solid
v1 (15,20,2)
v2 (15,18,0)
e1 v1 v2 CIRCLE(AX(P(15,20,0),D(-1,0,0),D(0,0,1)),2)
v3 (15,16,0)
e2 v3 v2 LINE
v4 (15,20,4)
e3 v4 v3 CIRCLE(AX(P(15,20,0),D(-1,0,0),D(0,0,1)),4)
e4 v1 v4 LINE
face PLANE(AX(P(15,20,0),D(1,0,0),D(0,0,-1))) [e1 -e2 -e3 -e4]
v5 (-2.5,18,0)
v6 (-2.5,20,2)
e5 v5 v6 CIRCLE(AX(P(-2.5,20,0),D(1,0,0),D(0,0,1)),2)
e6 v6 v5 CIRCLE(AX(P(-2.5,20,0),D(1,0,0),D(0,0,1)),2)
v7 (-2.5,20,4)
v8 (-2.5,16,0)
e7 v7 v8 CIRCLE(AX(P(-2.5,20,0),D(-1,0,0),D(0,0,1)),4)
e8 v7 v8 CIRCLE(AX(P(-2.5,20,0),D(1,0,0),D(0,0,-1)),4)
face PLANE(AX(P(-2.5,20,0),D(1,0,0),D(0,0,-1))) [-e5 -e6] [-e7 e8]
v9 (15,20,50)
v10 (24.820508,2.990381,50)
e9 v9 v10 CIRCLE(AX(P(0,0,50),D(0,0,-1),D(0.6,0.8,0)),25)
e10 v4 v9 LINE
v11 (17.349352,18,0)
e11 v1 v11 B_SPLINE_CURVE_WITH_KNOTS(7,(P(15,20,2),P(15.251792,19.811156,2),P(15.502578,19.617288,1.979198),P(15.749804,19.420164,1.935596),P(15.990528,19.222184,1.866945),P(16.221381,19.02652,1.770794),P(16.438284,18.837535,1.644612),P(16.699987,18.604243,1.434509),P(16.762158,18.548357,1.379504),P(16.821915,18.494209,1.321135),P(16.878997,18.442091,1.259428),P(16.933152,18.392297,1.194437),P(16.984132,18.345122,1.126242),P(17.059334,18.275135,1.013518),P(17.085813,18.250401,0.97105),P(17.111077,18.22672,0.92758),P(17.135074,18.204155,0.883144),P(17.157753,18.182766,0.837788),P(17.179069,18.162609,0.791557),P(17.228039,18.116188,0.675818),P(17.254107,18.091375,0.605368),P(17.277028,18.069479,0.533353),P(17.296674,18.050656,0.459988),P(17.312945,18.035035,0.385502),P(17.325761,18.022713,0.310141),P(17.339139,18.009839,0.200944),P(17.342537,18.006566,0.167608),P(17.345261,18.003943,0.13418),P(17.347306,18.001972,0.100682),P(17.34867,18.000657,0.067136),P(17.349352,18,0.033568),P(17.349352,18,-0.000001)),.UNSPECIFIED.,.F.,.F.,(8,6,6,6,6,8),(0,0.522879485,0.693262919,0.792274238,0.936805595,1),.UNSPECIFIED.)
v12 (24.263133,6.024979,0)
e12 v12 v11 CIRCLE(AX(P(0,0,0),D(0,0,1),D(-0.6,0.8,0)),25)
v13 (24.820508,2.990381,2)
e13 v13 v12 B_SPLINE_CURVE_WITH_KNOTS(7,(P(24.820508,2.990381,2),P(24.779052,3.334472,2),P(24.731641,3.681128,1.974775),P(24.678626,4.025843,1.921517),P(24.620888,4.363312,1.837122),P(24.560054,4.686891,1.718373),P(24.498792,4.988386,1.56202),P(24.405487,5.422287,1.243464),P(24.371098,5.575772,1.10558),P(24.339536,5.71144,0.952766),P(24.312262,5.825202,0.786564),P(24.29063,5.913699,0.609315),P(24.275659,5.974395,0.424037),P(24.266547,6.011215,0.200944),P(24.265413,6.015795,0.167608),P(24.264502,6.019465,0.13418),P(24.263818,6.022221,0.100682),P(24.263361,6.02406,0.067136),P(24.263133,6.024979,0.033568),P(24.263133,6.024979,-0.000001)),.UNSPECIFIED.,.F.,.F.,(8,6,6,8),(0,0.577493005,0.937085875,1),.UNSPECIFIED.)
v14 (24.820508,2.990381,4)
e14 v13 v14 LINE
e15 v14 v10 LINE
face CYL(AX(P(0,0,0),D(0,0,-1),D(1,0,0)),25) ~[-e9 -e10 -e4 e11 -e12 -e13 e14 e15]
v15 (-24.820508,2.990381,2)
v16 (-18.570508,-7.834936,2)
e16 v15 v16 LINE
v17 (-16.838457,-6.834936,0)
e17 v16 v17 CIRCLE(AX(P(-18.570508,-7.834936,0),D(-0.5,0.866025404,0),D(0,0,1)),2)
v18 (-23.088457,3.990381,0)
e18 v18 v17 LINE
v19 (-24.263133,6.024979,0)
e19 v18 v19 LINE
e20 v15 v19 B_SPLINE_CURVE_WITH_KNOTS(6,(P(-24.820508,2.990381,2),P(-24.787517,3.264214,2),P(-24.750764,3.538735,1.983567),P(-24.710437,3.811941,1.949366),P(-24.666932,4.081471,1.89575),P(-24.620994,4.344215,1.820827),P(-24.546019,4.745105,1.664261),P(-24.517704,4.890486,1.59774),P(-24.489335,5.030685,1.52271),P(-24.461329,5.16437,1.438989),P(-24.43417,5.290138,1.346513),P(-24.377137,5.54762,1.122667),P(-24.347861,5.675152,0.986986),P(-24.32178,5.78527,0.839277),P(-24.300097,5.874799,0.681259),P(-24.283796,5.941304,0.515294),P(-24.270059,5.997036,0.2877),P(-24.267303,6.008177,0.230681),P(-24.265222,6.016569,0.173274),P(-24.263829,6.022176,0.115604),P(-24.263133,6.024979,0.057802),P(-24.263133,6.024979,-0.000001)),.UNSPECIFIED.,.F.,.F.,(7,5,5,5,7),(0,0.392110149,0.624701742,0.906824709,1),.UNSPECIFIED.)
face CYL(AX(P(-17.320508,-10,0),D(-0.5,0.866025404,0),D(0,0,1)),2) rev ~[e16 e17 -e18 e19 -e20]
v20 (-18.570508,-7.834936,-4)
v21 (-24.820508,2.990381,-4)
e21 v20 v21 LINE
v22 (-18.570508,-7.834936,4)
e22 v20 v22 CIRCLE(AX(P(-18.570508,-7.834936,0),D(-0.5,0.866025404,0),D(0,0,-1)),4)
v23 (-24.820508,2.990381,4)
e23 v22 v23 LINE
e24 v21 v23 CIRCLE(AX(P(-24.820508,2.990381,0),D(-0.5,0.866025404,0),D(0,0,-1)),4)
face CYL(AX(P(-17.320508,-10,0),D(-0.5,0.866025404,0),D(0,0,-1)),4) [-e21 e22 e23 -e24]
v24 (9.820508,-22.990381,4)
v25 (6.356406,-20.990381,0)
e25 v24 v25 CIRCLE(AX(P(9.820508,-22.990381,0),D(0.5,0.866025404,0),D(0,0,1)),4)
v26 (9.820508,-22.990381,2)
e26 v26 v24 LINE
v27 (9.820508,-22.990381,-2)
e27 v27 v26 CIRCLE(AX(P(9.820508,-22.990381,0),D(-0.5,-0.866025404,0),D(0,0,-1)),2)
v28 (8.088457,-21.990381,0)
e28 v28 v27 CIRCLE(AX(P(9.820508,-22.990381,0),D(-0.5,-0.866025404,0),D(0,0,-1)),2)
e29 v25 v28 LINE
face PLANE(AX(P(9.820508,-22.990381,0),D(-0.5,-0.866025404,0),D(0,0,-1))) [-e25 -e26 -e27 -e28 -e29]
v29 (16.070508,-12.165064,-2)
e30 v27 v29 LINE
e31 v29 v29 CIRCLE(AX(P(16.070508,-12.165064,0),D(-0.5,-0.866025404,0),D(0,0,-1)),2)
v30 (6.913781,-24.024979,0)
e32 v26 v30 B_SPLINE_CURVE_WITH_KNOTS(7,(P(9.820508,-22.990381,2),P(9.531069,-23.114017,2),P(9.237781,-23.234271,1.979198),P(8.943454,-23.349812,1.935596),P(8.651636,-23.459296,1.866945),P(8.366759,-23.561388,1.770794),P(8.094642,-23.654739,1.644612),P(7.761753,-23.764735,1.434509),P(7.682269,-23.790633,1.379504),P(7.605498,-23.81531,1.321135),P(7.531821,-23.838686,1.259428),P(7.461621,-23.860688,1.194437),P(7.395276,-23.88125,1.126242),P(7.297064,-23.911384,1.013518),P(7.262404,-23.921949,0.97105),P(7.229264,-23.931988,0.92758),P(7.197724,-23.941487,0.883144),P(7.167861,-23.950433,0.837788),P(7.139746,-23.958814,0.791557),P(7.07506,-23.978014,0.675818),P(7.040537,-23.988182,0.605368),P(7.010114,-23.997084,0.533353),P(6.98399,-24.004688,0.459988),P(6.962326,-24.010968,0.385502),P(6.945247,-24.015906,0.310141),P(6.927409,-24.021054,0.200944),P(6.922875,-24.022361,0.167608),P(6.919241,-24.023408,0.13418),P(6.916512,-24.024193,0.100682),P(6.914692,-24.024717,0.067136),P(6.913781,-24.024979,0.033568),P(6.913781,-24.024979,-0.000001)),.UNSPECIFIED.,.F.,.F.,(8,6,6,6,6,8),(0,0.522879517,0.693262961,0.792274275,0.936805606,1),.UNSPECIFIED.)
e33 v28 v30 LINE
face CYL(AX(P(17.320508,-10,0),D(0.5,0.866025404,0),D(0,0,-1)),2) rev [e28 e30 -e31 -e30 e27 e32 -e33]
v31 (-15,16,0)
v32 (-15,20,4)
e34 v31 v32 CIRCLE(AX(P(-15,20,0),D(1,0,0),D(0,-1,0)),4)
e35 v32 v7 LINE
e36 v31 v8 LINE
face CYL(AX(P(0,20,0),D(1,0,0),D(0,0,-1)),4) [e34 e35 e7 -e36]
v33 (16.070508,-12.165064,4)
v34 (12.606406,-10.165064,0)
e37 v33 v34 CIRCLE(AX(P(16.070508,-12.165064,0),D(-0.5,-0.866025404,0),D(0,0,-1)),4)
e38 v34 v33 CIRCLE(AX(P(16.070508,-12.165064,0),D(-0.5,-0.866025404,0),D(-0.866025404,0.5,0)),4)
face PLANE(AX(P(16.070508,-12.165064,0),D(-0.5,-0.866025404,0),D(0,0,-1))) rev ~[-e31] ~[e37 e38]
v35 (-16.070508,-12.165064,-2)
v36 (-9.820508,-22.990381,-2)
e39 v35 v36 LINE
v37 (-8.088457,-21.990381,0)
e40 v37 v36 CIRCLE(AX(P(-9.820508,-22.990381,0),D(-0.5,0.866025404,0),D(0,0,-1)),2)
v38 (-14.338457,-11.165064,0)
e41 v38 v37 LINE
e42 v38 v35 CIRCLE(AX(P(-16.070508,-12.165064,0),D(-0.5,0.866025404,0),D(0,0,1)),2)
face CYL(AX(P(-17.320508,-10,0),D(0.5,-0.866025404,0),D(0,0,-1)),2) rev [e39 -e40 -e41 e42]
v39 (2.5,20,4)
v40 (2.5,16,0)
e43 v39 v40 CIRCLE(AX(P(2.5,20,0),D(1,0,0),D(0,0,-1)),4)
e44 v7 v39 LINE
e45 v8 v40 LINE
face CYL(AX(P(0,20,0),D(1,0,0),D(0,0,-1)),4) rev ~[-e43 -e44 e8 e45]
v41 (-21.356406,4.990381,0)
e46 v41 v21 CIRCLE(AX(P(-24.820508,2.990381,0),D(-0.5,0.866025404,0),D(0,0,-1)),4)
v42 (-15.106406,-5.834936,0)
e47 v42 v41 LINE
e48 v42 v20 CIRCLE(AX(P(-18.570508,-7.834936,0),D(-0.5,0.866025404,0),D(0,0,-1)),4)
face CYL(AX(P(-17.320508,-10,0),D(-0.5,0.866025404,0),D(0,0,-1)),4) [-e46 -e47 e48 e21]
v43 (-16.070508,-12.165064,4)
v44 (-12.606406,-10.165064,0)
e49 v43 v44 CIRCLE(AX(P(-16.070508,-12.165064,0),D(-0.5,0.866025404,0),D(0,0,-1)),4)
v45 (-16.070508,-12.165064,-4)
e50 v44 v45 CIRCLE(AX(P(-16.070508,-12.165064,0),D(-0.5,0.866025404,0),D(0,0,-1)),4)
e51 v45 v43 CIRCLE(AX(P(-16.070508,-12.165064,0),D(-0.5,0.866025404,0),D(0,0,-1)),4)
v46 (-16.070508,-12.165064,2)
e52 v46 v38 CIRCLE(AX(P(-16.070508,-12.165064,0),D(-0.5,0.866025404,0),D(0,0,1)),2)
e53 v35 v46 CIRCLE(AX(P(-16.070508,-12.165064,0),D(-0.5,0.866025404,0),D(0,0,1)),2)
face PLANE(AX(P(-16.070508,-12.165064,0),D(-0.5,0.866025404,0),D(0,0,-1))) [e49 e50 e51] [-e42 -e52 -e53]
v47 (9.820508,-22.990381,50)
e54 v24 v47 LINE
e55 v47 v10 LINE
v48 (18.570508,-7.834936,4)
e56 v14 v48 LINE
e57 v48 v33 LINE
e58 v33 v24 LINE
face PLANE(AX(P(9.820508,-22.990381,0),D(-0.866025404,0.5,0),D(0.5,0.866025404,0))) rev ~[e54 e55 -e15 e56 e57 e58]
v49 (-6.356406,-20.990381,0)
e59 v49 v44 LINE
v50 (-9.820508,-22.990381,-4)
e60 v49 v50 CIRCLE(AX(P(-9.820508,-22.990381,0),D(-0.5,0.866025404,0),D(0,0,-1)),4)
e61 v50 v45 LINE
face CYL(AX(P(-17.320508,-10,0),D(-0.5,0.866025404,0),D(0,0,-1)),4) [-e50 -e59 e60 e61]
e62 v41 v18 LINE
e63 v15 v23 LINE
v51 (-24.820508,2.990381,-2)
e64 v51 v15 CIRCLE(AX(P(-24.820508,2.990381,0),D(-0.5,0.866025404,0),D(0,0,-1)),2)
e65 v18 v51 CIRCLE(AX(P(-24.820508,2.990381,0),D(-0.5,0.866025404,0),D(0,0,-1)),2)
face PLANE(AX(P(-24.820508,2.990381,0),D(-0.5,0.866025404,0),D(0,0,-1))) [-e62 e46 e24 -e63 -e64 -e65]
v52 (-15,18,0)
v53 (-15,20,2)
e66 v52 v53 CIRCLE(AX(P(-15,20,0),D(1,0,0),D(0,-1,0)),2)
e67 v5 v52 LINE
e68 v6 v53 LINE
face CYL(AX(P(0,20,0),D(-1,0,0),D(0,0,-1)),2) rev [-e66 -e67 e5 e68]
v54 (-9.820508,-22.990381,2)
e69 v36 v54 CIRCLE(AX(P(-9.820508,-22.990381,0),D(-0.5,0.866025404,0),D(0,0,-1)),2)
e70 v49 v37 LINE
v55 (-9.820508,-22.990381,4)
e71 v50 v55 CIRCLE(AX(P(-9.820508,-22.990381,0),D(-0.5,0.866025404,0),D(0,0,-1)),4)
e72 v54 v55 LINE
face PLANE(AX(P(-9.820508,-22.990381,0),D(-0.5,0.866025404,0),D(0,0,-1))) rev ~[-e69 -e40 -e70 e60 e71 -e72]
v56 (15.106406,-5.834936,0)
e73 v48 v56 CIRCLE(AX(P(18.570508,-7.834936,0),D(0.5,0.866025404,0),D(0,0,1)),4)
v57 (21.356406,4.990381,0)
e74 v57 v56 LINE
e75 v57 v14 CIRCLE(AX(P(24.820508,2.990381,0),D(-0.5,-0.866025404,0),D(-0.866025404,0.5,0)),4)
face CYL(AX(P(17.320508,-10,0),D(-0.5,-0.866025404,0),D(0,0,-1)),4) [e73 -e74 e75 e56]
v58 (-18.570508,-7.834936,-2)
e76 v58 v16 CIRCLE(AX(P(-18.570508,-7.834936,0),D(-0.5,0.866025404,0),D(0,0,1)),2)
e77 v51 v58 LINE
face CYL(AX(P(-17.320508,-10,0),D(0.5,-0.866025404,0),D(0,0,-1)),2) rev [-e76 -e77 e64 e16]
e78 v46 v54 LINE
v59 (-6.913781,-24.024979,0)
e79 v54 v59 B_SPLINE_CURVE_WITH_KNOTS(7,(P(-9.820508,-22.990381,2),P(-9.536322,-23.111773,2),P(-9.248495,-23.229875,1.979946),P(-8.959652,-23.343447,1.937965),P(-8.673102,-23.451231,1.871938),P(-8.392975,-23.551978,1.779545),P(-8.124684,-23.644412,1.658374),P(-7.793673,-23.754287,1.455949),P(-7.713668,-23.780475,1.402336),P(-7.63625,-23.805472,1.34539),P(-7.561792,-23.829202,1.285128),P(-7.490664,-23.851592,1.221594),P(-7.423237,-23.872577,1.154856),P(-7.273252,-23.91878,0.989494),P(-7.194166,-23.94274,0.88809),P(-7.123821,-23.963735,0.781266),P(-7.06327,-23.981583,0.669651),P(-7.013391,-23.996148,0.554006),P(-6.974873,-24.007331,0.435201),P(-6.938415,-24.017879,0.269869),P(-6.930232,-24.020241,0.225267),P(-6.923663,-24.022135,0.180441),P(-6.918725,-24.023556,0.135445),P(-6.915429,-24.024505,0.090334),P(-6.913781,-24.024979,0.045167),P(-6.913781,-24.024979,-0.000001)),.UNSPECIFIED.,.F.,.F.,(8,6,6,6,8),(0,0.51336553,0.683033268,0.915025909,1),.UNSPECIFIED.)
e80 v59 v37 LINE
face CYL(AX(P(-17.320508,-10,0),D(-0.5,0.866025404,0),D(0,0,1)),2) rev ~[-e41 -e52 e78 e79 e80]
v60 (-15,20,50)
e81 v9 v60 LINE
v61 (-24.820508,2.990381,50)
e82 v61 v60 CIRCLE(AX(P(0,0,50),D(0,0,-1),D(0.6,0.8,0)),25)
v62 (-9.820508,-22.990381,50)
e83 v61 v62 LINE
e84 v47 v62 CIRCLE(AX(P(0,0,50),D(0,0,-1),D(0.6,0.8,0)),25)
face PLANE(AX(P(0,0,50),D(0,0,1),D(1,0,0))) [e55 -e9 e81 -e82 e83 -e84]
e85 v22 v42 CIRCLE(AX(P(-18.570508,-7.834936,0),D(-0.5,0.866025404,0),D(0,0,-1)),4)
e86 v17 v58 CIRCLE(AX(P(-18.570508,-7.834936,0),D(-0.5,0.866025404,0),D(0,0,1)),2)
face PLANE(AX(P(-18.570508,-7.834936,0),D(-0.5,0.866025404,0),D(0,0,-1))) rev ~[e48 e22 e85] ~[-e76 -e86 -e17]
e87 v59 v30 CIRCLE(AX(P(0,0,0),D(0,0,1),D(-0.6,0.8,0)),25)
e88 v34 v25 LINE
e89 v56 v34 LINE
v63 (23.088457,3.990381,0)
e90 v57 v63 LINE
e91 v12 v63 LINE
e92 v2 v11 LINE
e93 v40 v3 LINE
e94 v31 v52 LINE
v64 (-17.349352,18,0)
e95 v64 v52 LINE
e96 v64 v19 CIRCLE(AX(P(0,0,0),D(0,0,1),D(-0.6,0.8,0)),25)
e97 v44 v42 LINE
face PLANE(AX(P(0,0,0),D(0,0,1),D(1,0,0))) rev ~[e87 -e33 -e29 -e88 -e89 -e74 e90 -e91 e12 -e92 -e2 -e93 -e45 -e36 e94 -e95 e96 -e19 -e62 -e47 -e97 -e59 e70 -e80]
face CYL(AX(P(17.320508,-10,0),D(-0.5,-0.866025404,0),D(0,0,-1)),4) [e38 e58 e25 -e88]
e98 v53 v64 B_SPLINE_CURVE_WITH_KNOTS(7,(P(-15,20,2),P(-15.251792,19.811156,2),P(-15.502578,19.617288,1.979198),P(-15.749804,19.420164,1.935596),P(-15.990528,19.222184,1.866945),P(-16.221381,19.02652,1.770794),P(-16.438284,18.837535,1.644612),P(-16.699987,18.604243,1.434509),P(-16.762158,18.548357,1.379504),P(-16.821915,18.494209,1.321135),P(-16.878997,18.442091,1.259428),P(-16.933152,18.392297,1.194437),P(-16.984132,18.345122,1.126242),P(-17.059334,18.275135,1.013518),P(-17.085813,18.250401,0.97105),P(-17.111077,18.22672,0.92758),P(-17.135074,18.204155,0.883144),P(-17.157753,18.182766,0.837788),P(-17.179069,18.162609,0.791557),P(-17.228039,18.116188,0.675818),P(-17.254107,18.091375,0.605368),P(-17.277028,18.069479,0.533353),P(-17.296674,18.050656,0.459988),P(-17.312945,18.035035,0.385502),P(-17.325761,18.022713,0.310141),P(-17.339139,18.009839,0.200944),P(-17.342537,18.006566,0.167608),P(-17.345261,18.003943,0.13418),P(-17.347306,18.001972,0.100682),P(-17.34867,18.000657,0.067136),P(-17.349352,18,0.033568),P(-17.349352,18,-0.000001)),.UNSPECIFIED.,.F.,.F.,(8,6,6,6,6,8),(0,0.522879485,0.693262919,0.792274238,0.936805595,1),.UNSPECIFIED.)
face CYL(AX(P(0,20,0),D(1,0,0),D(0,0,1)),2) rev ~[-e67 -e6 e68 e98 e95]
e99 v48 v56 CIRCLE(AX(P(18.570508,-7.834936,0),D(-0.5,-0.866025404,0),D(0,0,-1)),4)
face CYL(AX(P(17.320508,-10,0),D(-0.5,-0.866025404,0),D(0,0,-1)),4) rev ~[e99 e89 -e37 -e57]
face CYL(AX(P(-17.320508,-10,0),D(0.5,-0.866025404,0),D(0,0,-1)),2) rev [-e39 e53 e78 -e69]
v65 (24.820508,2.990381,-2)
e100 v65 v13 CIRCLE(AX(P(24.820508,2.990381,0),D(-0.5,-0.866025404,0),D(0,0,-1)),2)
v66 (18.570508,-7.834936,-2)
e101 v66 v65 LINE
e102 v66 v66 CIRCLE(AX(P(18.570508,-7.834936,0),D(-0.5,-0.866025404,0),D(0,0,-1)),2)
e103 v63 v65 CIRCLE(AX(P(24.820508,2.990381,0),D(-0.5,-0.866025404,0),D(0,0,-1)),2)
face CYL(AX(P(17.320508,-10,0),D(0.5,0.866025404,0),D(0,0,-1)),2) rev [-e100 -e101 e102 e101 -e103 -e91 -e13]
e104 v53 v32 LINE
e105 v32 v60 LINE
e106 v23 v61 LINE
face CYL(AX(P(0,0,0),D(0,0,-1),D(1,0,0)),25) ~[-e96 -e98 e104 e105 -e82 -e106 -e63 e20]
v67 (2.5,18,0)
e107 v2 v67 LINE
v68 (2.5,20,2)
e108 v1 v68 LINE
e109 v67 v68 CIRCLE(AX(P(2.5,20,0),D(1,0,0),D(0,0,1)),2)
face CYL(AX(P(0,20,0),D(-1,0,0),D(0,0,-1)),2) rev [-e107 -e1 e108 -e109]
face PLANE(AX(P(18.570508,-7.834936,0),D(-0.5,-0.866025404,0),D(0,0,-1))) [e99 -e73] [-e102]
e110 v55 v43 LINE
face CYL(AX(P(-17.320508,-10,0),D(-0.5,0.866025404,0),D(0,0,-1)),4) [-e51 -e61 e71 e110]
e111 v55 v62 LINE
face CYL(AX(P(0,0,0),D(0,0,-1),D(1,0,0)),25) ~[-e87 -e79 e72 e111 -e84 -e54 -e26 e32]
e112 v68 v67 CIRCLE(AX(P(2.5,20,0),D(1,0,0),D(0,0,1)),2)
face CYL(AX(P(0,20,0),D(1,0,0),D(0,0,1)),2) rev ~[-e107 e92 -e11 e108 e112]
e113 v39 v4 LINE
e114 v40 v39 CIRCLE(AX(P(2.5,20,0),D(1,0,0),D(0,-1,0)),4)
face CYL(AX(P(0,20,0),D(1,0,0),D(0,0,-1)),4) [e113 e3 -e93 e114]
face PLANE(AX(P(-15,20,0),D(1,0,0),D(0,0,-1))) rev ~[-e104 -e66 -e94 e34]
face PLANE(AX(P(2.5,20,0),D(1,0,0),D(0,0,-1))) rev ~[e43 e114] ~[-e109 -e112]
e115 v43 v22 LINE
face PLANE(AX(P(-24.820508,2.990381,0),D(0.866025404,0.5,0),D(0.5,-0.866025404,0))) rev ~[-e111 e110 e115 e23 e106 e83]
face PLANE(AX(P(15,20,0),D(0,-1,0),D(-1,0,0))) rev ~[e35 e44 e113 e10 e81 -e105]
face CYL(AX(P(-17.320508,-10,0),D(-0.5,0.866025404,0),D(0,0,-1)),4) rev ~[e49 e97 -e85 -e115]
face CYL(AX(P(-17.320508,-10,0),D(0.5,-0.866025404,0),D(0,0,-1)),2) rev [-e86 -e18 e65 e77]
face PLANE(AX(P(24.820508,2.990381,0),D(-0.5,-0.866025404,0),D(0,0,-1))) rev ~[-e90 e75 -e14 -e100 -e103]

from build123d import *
from build123d.topology import SkipClean

# Parameters (mm, degrees)
CROQUIS1_R              = 25
SALIENTE_EXTRUIR1_DEPTH = 50
CORTAR_EXTRUIR1_DEPTH   = 50
MATRIZC2_COUNT          = 3
CROQUIS4_R              = 4
CROQUIS4_R_2            = 2
SALIENTE_EXTRUIR2_DEPTH = 15
CROQUIS4_2_R            = 2
CORTAR_EXTRUIR3_DEPTH   = 20
MATRIZC3_COUNT          = 3
MATRIZC4_COUNT          = 3
CROQUIS4_3_R            = 4
CROQUIS4_3_R_2          = 2
CORTAR_EXTRUIR4_DEPTH   = 2.5
MATRIZC5_COUNT          = 3


with BuildPart() as part:
    # Croquis1 → Saliente-Extruir1 (new body)
    with BuildSketch(Plane.XY):
        Circle(CROQUIS1_R)
    extrude(amount=SALIENTE_EXTRUIR1_DEPTH)

    # Croquis2 → Cortar-Extruir1 (cut)
    with BuildSketch(Plane(origin=(0, 0, 0), x_dir=(-1, 0, 0), z_dir=(0, 0, -1))):
        with BuildLine():
            Line((-15, 20), (15, 20))
            ThreePointArc((15, 20), (0, 25), (-15, 20))
        make_face()
    cortar_extruir1 = extrude(amount=-CORTAR_EXTRUIR1_DEPTH, mode=Mode.SUBTRACT)

    # MatrizC2: Cortar-Extruir1 ×3 about axis
    matrizc2_axis = Axis((0, 0, 0), (0, 0, 1))
    for i in range(1, MATRIZC2_COUNT):
        add(cortar_extruir1.rotate(matrizc2_axis, i * 360 / MATRIZC2_COUNT), mode=Mode.SUBTRACT)

    # Croquis4 → Saliente-Extruir2 (add, symmetric)
    with BuildSketch(Plane(origin=(0, 0, 0), x_dir=(0, 0, -1), z_dir=(1, 0, 0))):
        with Locations((0, 20)):
            Circle(CROQUIS4_R)
        with Locations((0, 20)):
            Circle(CROQUIS4_R_2, mode=Mode.SUBTRACT)
    saliente_extruir2 = extrude(amount=SALIENTE_EXTRUIR2_DEPTH, both=True)

    # Croquis4<2> → Cortar-Extruir3 (cut, symmetric)
    with SkipClean():  # the faces are left unmerged after this step: merging them gives an invalid solid
        with BuildSketch(Plane(origin=(0, 0, 0), x_dir=(0, 0, -1), z_dir=(1, 0, 0))):
            with Locations(Location((0, 20, 0), (0, 0, 180))):
                Circle(CROQUIS4_2_R)
        cortar_extruir3 = extrude(amount=CORTAR_EXTRUIR3_DEPTH, both=True, mode=Mode.SUBTRACT)

    # MatrizC3: Saliente-Extruir2 ×3 about axis
    with SkipClean():  # the faces are left unmerged after this step: merging them gives an invalid solid
        matrizc3_axis = Axis((0, 0, 0), (0, 0, 1))
        for i in range(1, MATRIZC3_COUNT):
            add(saliente_extruir2.rotate(matrizc3_axis, i * 360 / MATRIZC3_COUNT))

    # MatrizC4: Cortar-Extruir3 ×3 about axis
    with SkipClean():  # the faces are left unmerged after this step: merging them gives an invalid solid
        matrizc4_axis = Axis((0, 0, 50), (0, 0, -1))
        for i in range(1, MATRIZC4_COUNT):
            add(cortar_extruir3.rotate(matrizc4_axis, i * 360 / MATRIZC4_COUNT), mode=Mode.SUBTRACT)

    # Croquis4<3> → Cortar-Extruir4 (cut, symmetric)
    with BuildSketch(Plane(origin=(0, 0, 0), x_dir=(0, 0, -1), z_dir=(1, 0, 0))):
        with Locations((0, 20)):
            Circle(CROQUIS4_3_R)
        with Locations(Location((0, 20, 0), (0, 0, 180))):
            Circle(CROQUIS4_3_R_2, mode=Mode.SUBTRACT)
    cortar_extruir4 = extrude(amount=CORTAR_EXTRUIR4_DEPTH, both=True, mode=Mode.SUBTRACT)

    # MatrizC5: Cortar-Extruir4 ×3 about axis
    matrizc5_axis = Axis((0, 0, 0), (0, 0, 1))
    for i in range(1, MATRIZC5_COUNT):
        add(cortar_extruir4.rotate(matrizc5_axis, i * 360 / MATRIZC5_COUNT), mode=Mode.SUBTRACT)


solid = part.part
